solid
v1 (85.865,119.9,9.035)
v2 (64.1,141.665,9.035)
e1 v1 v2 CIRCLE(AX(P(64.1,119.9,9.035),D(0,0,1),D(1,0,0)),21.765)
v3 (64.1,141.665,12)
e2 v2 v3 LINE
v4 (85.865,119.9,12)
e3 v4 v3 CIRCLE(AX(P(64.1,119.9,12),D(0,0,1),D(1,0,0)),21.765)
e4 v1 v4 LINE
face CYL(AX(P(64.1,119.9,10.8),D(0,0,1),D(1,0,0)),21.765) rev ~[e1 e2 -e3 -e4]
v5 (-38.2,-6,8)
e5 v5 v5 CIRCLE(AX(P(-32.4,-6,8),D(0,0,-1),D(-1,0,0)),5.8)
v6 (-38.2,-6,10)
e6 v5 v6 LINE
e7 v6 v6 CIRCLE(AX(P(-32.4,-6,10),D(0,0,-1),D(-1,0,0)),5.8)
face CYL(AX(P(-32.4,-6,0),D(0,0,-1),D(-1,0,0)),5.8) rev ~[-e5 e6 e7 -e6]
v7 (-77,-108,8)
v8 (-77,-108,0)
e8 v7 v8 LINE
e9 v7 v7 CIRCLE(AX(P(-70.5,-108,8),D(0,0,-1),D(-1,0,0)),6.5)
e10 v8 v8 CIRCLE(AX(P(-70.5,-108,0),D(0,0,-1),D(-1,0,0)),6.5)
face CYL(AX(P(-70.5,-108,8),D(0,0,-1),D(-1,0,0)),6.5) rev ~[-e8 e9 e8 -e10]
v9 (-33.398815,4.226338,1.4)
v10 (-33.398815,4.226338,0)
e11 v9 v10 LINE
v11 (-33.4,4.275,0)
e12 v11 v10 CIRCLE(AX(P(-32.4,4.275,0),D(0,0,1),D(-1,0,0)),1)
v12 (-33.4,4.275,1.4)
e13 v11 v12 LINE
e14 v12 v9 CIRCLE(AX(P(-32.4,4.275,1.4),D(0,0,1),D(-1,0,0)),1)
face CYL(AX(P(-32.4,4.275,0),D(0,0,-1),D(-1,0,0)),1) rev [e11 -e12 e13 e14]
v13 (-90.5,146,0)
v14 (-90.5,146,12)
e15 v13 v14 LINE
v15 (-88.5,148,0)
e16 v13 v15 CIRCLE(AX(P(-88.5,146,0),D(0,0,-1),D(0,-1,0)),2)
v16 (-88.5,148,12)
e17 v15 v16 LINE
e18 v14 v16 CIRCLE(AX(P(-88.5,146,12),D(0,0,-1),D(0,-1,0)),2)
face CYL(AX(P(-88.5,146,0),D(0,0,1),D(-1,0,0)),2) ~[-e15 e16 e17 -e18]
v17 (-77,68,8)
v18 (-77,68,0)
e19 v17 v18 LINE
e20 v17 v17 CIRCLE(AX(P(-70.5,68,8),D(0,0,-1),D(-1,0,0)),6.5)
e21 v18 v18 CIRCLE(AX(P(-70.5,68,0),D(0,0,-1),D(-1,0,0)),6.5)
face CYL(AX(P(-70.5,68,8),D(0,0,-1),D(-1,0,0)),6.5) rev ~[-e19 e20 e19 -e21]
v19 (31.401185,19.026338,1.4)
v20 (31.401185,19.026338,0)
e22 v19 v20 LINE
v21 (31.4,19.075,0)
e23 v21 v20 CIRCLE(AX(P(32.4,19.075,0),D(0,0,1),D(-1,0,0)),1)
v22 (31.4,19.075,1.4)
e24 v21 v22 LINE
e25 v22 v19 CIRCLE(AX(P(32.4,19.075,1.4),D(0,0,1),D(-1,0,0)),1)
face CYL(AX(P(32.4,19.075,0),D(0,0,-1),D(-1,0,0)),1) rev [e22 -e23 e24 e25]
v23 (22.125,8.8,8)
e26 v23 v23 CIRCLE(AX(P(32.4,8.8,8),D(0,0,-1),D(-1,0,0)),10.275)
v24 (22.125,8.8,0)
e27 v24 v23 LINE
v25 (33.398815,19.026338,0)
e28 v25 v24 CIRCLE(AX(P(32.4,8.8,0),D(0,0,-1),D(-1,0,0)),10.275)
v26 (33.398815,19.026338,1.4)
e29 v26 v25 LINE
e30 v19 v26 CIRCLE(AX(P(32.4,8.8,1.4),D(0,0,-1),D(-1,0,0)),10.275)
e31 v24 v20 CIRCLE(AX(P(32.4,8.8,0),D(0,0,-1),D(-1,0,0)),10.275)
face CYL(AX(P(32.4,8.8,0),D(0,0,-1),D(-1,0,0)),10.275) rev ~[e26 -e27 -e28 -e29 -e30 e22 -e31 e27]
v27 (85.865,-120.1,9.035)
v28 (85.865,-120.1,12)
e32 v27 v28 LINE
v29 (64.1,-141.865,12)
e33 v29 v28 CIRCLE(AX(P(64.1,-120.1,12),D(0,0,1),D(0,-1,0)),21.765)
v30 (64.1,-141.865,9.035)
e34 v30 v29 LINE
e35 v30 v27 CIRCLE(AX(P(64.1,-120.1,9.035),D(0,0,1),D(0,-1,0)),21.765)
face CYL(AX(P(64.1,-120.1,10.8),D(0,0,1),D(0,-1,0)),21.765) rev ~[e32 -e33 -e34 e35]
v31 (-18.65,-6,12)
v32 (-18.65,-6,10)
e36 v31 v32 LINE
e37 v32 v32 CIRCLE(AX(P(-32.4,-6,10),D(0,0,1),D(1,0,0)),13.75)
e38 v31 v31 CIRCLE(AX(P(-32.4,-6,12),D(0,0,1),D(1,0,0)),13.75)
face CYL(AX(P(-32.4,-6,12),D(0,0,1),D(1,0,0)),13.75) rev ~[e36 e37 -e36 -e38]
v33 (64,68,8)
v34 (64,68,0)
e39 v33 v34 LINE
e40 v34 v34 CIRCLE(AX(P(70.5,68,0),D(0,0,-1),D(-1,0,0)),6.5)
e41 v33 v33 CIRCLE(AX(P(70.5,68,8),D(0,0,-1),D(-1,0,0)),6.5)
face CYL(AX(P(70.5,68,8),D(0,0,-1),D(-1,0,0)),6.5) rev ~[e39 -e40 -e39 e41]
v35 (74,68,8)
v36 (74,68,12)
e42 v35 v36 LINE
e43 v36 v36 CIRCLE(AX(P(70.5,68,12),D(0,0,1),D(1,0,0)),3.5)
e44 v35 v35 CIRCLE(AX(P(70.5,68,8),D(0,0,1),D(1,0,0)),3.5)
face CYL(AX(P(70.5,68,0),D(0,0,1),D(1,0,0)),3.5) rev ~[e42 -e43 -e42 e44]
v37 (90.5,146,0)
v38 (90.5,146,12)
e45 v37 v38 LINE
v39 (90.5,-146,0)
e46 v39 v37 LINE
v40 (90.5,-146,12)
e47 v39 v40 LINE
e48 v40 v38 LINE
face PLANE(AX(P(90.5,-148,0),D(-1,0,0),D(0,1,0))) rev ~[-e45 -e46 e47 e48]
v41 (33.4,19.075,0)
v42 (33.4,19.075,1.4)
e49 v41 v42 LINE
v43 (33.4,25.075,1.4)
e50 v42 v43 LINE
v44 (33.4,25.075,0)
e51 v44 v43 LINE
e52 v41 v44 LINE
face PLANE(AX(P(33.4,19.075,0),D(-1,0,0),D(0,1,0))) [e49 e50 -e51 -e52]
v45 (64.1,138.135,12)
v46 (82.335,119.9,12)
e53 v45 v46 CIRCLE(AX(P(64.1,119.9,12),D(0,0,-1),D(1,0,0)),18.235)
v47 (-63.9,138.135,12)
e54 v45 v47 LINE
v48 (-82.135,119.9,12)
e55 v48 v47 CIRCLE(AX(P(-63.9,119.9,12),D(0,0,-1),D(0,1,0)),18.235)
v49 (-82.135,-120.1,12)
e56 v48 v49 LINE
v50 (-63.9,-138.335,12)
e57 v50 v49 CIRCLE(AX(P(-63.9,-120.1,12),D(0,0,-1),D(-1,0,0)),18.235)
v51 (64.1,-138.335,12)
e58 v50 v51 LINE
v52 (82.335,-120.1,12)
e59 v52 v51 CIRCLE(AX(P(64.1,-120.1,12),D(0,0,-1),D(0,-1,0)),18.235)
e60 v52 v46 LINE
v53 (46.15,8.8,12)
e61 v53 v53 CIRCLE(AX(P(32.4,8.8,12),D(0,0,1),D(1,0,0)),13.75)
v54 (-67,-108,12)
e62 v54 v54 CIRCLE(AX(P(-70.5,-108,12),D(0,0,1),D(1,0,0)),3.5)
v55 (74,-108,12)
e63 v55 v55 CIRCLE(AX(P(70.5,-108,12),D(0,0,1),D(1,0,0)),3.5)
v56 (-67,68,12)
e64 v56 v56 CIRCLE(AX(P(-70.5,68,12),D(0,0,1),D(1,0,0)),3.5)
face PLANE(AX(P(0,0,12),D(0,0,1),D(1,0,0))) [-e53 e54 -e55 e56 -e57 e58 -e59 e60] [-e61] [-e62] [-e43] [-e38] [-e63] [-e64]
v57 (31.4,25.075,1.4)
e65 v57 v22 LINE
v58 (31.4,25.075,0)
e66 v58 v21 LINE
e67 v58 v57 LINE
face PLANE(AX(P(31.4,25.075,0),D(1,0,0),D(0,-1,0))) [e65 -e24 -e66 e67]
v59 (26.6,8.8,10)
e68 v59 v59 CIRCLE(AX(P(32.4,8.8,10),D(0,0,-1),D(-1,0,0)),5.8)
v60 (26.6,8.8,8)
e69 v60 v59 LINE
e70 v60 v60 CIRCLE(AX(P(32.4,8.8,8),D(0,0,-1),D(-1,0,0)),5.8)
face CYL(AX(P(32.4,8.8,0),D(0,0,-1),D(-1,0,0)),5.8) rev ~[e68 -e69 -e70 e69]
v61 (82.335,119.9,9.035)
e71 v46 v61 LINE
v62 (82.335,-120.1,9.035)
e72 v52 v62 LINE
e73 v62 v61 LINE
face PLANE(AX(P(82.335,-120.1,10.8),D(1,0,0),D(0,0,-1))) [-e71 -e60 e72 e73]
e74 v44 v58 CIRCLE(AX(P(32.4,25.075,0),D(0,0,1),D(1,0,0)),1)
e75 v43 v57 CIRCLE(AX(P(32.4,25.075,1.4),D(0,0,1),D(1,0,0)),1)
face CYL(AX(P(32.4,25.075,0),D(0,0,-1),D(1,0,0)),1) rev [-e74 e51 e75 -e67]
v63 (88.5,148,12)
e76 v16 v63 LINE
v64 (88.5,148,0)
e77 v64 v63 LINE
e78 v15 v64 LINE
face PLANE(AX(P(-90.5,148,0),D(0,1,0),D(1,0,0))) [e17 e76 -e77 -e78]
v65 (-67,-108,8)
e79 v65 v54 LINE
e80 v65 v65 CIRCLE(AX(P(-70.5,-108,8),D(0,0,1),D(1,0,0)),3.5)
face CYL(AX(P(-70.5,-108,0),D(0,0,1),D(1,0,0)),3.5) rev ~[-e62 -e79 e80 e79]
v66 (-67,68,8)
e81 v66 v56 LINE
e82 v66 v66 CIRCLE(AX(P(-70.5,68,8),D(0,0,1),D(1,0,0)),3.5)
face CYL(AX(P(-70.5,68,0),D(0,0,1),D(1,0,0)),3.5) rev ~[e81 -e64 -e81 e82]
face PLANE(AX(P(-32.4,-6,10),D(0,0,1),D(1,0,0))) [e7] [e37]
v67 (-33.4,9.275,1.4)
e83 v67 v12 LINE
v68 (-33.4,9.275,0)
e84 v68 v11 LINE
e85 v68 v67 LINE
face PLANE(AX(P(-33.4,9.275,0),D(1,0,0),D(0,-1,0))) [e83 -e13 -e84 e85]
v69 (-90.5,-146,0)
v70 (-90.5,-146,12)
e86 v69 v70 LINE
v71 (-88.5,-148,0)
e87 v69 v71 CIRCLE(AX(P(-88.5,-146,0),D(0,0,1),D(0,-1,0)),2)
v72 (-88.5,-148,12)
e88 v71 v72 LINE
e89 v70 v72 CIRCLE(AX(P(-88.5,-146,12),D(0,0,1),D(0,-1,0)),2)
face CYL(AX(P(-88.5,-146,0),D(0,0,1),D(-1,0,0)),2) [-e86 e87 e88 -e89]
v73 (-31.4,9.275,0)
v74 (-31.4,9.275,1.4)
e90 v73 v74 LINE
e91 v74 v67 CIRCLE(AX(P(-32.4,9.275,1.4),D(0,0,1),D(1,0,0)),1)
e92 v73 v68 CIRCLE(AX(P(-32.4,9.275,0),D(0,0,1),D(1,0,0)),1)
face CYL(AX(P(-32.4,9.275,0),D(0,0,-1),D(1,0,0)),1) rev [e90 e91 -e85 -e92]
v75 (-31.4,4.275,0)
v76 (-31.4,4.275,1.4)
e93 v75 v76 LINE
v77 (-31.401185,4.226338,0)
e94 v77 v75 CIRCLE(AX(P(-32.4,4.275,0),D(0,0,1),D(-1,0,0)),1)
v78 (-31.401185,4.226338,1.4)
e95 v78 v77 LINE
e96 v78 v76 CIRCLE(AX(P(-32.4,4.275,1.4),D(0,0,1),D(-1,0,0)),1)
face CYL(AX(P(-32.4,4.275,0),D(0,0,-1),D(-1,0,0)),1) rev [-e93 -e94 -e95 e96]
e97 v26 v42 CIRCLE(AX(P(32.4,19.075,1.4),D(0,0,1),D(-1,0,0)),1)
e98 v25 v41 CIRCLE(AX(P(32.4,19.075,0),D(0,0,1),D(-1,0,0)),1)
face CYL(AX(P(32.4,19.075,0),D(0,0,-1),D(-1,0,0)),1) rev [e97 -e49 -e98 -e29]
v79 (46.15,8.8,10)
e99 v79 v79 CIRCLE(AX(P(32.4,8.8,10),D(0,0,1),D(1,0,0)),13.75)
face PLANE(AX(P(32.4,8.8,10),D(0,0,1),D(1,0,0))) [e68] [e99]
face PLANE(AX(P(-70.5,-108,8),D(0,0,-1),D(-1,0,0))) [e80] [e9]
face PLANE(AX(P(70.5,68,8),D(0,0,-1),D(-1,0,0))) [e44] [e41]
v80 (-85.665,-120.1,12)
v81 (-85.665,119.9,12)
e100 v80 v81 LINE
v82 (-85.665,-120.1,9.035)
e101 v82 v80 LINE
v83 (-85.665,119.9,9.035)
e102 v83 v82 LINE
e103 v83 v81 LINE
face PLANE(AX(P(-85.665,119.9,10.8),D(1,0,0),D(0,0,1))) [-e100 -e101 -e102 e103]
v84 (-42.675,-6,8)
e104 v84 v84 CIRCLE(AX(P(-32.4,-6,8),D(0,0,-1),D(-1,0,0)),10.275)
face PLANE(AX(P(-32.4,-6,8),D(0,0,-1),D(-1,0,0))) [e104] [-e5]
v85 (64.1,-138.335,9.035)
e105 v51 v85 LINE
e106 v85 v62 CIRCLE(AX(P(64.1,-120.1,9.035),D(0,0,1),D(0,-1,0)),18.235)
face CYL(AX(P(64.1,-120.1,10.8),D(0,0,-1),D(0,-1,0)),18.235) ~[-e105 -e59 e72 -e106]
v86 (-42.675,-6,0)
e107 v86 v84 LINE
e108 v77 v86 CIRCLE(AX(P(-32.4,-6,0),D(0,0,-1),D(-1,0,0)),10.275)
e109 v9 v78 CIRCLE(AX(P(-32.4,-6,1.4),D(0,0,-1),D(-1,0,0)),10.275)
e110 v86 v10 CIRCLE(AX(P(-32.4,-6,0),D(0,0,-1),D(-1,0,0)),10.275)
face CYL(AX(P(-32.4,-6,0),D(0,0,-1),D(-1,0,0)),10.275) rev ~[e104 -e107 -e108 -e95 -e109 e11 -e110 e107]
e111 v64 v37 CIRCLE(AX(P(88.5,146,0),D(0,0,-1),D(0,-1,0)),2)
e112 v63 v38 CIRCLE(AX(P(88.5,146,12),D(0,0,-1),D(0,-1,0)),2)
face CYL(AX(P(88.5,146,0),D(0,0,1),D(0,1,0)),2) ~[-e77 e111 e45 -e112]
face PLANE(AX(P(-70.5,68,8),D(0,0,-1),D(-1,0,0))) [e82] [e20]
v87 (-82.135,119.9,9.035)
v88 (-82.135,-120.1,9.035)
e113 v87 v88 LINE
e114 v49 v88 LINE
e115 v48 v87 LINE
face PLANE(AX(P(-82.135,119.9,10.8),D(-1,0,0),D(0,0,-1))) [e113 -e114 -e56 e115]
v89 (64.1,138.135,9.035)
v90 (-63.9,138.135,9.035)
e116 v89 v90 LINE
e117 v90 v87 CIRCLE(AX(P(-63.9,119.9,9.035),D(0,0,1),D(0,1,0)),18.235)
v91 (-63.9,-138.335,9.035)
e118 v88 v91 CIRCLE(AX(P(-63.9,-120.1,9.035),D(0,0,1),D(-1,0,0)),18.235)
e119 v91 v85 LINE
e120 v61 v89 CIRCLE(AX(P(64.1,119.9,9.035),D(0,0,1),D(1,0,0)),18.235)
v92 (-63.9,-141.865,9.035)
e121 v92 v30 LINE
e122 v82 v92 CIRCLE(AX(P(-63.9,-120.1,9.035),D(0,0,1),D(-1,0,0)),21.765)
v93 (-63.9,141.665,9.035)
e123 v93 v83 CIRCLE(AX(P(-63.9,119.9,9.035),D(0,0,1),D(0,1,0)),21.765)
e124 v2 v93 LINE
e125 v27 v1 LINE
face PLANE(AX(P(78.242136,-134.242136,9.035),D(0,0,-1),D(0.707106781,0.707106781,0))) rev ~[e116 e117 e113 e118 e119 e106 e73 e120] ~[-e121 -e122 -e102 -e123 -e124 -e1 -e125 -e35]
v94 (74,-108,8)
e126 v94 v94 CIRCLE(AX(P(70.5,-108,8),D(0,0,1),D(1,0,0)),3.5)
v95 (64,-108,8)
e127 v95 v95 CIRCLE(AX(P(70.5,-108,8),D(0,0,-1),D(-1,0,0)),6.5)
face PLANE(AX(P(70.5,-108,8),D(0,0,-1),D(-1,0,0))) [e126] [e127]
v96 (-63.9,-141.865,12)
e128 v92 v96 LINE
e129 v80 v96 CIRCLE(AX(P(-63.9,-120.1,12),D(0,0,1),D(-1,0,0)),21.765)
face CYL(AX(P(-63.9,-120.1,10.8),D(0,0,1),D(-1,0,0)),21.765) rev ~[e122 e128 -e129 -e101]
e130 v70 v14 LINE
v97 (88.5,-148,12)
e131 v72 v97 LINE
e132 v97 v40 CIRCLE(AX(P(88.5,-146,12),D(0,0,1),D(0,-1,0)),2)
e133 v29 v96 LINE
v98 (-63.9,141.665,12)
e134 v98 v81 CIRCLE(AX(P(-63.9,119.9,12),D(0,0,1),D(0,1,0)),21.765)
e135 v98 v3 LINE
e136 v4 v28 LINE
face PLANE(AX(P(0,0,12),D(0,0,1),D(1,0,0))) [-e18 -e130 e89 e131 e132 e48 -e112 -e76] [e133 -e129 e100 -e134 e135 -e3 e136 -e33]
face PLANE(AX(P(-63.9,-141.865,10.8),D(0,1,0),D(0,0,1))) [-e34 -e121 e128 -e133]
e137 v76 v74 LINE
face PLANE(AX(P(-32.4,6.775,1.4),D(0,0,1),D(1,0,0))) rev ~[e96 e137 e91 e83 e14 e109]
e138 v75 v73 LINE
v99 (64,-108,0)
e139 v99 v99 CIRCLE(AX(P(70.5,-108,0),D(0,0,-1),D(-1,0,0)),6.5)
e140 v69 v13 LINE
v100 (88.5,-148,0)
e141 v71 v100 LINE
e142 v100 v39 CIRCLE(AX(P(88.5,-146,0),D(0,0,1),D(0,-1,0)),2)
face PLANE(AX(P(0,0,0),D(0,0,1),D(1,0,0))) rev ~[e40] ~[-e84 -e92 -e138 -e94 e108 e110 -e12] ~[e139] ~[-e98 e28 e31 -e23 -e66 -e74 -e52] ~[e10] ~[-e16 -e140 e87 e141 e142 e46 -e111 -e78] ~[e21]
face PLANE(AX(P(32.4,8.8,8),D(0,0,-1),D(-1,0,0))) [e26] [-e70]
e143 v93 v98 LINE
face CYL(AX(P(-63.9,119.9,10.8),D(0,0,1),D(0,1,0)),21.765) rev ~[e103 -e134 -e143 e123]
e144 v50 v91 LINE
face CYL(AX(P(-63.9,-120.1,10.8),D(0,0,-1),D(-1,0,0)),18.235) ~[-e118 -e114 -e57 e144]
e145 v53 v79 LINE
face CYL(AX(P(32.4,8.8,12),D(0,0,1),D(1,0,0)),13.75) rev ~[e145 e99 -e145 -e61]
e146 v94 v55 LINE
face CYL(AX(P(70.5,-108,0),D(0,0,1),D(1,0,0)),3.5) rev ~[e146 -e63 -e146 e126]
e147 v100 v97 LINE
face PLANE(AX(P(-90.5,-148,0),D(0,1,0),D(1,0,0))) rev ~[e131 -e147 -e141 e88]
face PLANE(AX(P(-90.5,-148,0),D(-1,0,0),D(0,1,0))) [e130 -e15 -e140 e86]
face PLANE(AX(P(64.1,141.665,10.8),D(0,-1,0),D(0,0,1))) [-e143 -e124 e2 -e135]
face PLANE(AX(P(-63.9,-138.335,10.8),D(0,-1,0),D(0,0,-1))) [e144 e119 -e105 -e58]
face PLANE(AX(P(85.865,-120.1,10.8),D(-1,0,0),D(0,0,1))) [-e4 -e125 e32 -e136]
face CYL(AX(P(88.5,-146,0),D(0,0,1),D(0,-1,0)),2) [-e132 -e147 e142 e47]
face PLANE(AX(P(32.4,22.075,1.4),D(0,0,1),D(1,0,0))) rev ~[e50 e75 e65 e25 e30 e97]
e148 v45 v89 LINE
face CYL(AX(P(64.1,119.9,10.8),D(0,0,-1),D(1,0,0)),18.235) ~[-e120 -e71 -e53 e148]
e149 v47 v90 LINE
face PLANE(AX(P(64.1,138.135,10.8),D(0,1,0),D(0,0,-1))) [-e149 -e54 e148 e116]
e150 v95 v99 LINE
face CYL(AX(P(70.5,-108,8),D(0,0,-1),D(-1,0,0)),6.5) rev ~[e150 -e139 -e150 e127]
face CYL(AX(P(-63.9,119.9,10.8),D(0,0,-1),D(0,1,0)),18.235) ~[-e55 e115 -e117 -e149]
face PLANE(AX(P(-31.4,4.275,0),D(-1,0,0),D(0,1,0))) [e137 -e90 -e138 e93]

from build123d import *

# Parameters (mm, degrees)
ESBO_O1_W                                           = 181
ESBO_O1_H                                           = 296
RESSALTO_EXTRUS_O1_DEPTH                            = 12
FILETE1_R                                           = 2
FILETE2_R                                           = 2
ESBO_O4_W                                           = 3.53
ESBO_O4_H                                           = 3.53
REBAIXO_PARA_PARAFUSO_COM_CABE_A_PANELA_D           = 7
REBAIXO_PARA_PARAFUSO_COM_CABE_A_PANELA_CBORE_D     = 13
REBAIXO_PARA_PARAFUSO_COM_CABE_A_PANELA_CBORE_DEPTH = 8
CORTE_EXTRUS_O1_REACH                               = 175.891
ESBO_O9_R                                           = 5.8
ESBO_O10_R                                          = 10.275
CORTE_EXTRUS_O2_DEPTH                               = 8
ESBO_O11_R                                          = 13.75
CORTE_EXTRUS_O3_DEPTH                               = 2
CORTE_EXTRUS_O4_DEPTH                               = 1.4
CORTE_EXTRUS_O5_DEPTH                               = 1.4


with BuildPart() as part:
    # Esboço1 → Ressalto-extrusão1 (new body)
    with BuildSketch(Plane.XY):
        Rectangle(ESBO_O1_W, ESBO_O1_H)
    extrude(amount=RESSALTO_EXTRUS_O1_DEPTH)

    # Filete1
    filete1_edges = [part.edges().sort_by_distance(p)[0] for p in [
        (-90.5, 148, 6),
    ]]
    fillet(filete1_edges, radius=FILETE1_R)

    # Filete2
    filete2_edges = [part.edges().sort_by_distance(p)[0] for p in [
        (90.5, -148, 6),
        (-90.5, -148, 6),
        (90.5, 148, 6),
    ]]
    fillet(filete2_edges, radius=FILETE2_R)

    # Varredura de corte1: sweep along a path in Esboço2
    with BuildLine(Plane.XY.offset(12)) as varredura_de_corte1_path:
        Line((-63.9, -140.1), (64.1, -140.1))
        ThreePointArc((64.1, -140.1), (78.242135624, -134.242135624), (84.1, -120.1))
        Line((84.1, -120.1), (84.1, 119.9))
        ThreePointArc((84.1, 119.9), (78.242135624, 134.042135624), (64.1, 139.9))
        Line((64.1, 139.9), (-63.9, 139.9))
        ThreePointArc((-63.9, 139.9), (-78.042135624, 134.042135624), (-83.9, 119.9))
        Line((-83.9, 119.9), (-83.9, -120.1))
        ThreePointArc((-83.9, -120.1), (-78.042135624, -134.242135624), (-63.9, -140.1))
    # Esboço4 → Varredura de corte1 (sweep, cut)
    with BuildSketch(Plane(origin=(0, 0, 0), x_dir=(1, 0, 0), z_dir=(0, 1, 0))):
        with Locations((-83.9, -10.8)):
            Rectangle(ESBO_O4_W, ESBO_O4_H)
    sweep(path=varredura_de_corte1_path.line, mode=Mode.SUBTRACT)

    # Rebaixo para parafuso com cabeça panela de M61 (through all)
    with Locations(Plane(origin=(0, 0, 0), x_dir=(-1, 0, 0), z_dir=(0, 0, -1))):
        with Locations((-70.5, 68), (70.5, 68), (70.5, -108), (-70.5, -108)):
            CounterBoreHole(REBAIXO_PARA_PARAFUSO_COM_CABE_A_PANELA_D / 2, REBAIXO_PARA_PARAFUSO_COM_CABE_A_PANELA_CBORE_D / 2, REBAIXO_PARA_PARAFUSO_COM_CABE_A_PANELA_CBORE_DEPTH)

    # Esboço9 → Corte-extrusão1 (cut, up to next)
    with BuildSketch(Plane(origin=(0, 0, 0), x_dir=(-1, 0, 0), z_dir=(0, 0, -1)), mode=Mode.PRIVATE) as corte_extrus_o1_sk1:
        with Locations((32.4, -6)):
            Circle(ESBO_O9_R)
    corte_extrus_o1_tool1 = extrude(corte_extrus_o1_sk1.sketch, amount=-CORTE_EXTRUS_O1_REACH, mode=Mode.PRIVATE) & part.part
    # Esboço9 → Corte-extrusão1 (cut, up to next)
    with BuildSketch(Plane(origin=(0, 0, 0), x_dir=(-1, 0, 0), z_dir=(0, 0, -1)), mode=Mode.PRIVATE) as corte_extrus_o1_sk2:
        with Locations((-32.4, 8.8)):
            Circle(ESBO_O9_R)
    corte_extrus_o1_tool2 = extrude(corte_extrus_o1_sk2.sketch, amount=-CORTE_EXTRUS_O1_REACH, mode=Mode.PRIVATE) & part.part
    add(corte_extrus_o1_tool1.solids().sort_by_distance((-32.4, -6, 0))[0], mode=Mode.SUBTRACT)
    add(corte_extrus_o1_tool2.solids().sort_by_distance((32.4, 8.8, 0))[0], mode=Mode.SUBTRACT)

    # Esboço10 → Corte-extrusão2 (cut)
    with BuildSketch(Plane(origin=(0, 0, 0), x_dir=(-1, 0, 0), z_dir=(0, 0, -1))):
        with Locations((32.4, -6)):
            Circle(ESBO_O10_R)
        with Locations((-32.4, 8.8)):
            Circle(ESBO_O10_R)
    extrude(amount=-CORTE_EXTRUS_O2_DEPTH, mode=Mode.SUBTRACT)

    # Esboço11 → Corte-extrusão3 (cut)
    with BuildSketch(Plane.XY.offset(12)):
        with Locations((32.4, 8.8)):
            Circle(ESBO_O11_R)
        with Locations((-32.4, -6)):
            Circle(ESBO_O11_R)
    extrude(amount=-CORTE_EXTRUS_O3_DEPTH, mode=Mode.SUBTRACT)

    # Esboço12 → Corte-extrusão4 (cut)
    with BuildSketch(Plane(origin=(0, 0, 0), x_dir=(-1, 0, 0), z_dir=(0, 0, -1))):
        with BuildLine():
            Line((-33.4, 19.075), (-33.4, 25.075))
            ThreePointArc((-33.4, 25.075), (-32.4, 26.075), (-31.4, 25.075))
            Line((-31.4, 25.075), (-31.4, 19.075))
            ThreePointArc((-31.4, 19.075), (-32.4, 18.075), (-33.4, 19.075))
        make_face()
    extrude(amount=-CORTE_EXTRUS_O4_DEPTH, mode=Mode.SUBTRACT)

    # Esboço13 → Corte-extrusão5 (cut)
    with BuildSketch(Plane(origin=(0, 0, 0), x_dir=(-1, 0, 0), z_dir=(0, 0, -1))):
        with BuildLine():
            Line((31.4, 4.275), (31.4, 9.275))
            ThreePointArc((31.4, 9.275), (32.4, 10.275), (33.4, 9.275))
            Line((33.4, 9.275), (33.4, 4.275))
            ThreePointArc((33.4, 4.275), (32.4, 3.275), (31.4, 4.275))
        make_face()
    extrude(amount=-CORTE_EXTRUS_O5_DEPTH, mode=Mode.SUBTRACT)


solid = part.part
